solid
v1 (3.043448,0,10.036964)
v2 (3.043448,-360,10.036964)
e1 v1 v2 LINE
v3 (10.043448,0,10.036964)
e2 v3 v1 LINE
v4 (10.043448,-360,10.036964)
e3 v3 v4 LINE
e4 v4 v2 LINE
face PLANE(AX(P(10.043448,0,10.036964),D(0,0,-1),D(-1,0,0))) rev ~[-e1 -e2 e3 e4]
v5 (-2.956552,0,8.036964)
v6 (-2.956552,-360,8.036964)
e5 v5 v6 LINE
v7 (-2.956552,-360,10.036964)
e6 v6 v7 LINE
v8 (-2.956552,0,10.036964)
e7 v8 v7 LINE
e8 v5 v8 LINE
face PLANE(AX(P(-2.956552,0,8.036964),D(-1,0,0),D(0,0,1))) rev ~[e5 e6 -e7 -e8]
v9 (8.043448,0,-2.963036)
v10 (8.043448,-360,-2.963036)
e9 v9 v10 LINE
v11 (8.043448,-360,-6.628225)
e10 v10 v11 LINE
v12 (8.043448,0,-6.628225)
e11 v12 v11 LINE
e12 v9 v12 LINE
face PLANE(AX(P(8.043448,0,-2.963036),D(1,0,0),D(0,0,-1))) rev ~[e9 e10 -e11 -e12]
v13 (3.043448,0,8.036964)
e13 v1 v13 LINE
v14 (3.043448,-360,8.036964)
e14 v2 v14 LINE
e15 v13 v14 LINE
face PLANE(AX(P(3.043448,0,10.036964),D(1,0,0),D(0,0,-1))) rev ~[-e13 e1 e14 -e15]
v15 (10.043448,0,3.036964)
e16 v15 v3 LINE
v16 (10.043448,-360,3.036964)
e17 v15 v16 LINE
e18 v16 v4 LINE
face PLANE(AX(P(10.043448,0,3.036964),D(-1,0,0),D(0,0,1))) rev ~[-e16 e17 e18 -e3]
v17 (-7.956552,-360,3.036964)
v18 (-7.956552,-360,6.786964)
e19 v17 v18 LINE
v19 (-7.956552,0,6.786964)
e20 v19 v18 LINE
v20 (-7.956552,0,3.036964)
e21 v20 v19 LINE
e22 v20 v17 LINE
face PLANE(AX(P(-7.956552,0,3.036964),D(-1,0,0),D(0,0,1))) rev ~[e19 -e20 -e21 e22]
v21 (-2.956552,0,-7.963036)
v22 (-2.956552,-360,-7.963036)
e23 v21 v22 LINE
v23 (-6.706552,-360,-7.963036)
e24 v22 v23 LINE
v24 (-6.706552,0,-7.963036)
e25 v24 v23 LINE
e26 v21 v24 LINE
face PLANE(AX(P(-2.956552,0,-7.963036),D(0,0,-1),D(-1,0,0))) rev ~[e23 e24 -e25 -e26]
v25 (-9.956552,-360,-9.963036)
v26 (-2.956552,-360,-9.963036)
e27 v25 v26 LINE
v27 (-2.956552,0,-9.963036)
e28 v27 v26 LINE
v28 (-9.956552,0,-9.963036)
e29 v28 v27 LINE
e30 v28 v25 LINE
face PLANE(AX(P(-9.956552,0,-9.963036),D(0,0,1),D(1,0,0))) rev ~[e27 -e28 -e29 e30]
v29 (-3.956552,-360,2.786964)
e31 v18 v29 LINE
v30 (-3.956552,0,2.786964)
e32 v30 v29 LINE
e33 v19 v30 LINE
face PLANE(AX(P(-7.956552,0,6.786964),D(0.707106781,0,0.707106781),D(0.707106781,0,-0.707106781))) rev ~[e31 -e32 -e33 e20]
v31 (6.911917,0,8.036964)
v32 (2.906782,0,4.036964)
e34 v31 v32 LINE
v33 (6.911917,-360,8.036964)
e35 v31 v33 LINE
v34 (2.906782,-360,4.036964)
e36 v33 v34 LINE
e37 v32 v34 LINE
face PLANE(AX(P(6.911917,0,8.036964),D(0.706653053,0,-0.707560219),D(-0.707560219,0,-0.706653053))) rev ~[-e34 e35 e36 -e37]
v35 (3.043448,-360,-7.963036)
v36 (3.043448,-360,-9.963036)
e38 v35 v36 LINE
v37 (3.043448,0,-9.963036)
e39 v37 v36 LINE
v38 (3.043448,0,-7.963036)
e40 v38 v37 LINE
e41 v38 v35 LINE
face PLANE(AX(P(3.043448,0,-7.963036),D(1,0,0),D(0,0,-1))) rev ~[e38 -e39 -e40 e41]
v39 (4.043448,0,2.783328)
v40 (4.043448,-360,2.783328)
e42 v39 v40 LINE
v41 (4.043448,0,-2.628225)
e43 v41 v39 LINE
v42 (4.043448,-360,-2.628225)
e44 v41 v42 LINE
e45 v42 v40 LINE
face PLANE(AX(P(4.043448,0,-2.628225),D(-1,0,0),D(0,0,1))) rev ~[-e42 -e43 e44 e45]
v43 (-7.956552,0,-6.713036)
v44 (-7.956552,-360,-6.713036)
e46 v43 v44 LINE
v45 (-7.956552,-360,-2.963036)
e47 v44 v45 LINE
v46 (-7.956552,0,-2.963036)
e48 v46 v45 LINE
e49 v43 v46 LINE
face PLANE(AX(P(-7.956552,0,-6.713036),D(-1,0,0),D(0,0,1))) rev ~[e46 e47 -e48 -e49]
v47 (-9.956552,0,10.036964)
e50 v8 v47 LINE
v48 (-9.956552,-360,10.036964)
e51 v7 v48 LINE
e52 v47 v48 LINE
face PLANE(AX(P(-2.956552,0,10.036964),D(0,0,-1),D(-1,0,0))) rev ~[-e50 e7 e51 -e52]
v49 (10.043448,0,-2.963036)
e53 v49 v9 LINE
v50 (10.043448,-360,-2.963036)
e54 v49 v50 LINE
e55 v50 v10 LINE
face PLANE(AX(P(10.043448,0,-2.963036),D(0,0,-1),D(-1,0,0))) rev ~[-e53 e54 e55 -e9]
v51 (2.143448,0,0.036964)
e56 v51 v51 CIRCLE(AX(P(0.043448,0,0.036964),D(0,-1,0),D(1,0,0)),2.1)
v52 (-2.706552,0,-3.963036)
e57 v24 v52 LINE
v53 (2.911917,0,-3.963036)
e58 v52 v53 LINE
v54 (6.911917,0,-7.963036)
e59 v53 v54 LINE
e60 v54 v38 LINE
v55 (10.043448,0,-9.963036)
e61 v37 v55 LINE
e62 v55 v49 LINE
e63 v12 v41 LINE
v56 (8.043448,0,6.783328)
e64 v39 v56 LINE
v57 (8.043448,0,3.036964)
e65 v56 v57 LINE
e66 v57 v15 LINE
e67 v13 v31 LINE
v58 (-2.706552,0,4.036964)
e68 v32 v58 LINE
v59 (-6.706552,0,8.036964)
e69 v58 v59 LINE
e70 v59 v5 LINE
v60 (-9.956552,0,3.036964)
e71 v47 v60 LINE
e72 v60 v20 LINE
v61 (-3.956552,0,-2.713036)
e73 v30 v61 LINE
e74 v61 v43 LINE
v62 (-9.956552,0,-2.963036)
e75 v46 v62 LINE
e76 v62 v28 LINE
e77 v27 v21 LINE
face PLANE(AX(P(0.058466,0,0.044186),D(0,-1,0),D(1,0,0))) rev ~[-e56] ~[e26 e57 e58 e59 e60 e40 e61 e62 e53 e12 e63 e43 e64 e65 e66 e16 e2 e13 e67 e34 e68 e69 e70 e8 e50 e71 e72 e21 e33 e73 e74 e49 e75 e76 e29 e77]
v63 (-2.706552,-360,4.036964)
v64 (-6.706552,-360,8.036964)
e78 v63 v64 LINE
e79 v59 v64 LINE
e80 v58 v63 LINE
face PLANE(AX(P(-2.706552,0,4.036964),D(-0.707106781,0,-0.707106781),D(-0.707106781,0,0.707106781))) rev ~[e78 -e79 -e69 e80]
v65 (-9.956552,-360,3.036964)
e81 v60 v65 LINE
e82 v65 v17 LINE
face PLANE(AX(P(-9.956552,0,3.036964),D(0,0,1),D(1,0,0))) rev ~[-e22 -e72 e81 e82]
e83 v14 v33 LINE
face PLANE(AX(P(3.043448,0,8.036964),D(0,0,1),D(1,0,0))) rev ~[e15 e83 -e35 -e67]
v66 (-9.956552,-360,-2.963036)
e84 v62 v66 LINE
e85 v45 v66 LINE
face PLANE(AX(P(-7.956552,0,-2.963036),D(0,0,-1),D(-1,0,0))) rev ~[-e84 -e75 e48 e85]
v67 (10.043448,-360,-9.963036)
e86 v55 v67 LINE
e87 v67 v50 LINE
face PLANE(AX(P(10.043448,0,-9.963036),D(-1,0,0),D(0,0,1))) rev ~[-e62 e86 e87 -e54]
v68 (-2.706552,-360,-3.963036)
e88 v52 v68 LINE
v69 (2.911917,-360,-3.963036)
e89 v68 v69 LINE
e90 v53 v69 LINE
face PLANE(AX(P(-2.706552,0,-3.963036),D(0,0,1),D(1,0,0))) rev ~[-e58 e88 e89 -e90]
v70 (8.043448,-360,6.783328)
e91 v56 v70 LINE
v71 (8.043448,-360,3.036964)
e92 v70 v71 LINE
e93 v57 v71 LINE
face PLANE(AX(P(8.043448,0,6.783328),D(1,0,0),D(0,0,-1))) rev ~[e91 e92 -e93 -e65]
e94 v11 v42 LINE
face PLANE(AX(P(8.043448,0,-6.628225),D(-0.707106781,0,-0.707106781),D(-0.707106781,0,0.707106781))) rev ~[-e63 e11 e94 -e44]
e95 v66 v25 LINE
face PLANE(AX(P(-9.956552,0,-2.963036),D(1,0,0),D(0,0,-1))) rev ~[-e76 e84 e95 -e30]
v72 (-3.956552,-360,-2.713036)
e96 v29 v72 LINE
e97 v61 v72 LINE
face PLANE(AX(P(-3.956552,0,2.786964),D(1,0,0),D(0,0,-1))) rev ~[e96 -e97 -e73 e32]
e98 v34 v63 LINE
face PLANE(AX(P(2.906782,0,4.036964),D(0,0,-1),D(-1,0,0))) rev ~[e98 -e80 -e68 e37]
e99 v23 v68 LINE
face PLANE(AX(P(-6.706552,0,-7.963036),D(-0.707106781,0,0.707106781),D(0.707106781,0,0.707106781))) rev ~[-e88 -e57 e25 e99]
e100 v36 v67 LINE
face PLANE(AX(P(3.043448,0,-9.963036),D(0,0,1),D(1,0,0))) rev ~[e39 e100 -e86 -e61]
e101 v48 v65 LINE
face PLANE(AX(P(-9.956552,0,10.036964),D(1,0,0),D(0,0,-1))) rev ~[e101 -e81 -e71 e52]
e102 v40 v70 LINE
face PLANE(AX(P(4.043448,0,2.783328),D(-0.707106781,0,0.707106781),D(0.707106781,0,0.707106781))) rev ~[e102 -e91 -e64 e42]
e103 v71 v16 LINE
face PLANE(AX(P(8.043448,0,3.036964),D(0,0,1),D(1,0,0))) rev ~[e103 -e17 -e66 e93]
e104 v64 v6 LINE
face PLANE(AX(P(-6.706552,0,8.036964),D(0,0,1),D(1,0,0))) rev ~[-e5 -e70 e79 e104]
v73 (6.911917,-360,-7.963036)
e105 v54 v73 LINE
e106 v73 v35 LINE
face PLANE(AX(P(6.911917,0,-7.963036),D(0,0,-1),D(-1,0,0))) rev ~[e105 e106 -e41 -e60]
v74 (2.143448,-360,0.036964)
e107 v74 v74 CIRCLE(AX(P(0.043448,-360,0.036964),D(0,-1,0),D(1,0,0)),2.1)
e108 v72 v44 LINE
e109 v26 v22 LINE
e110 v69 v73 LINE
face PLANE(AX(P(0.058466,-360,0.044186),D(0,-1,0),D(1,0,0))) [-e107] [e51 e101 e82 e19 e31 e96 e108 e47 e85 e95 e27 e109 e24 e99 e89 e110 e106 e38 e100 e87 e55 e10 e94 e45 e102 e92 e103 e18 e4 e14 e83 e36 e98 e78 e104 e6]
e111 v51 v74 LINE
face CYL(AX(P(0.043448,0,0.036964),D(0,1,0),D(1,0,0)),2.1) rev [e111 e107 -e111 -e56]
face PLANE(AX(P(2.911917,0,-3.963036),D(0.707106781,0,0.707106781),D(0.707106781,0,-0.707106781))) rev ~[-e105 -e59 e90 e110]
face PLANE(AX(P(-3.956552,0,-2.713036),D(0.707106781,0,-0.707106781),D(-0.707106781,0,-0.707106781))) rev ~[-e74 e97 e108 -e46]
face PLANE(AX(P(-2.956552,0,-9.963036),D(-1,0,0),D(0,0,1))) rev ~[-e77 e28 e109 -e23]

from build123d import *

# Parameters (mm, degrees)
F0_R     = 2.1
F1_DEPTH = 360


with BuildPart() as f1:
    # F0 (on Front) → F1 (new body)
    with BuildSketch(Plane.XZ):
        Polygon((3.043448, -9.963036), (10.043448, -9.963036), (10.043448, -2.963036), (8.043448, -2.963036), (8.043448, -6.628225), (4.043448, -2.628225), (4.043448, 2.783328), (8.043448, 6.783328), (8.043448, 3.036964), (10.043448, 3.036964), (10.043448, 10.036964), (3.043448, 10.036964), (3.043448, 8.036964), (6.911917, 8.036964), (2.906782, 4.036964), (-2.706552, 4.036964), (-6.706552, 8.036964), (-2.956552, 8.036964), (-2.956552, 10.036964), (-9.956552, 10.036964), (-9.956552, 3.036964), (-7.956552, 3.036964), (-7.956552, 6.786964), (-3.956552, 2.786964), (-3.956552, -2.713036), (-7.956552, -6.713036), (-7.956552, -2.963036), (-9.956552, -2.963036), (-9.956552, -9.963036), (-2.956552, -9.963036), (-2.956552, -7.963036), (-6.706552, -7.963036), (-2.706552, -3.963036), (2.911917, -3.963036), (6.911917, -7.963036), (3.043448, -7.963036), align=None)
        with Locations((0.043448, 0.036964)):
            Circle(F0_R, mode=Mode.SUBTRACT)
    extrude(amount=F1_DEPTH)


solid = f1.part
